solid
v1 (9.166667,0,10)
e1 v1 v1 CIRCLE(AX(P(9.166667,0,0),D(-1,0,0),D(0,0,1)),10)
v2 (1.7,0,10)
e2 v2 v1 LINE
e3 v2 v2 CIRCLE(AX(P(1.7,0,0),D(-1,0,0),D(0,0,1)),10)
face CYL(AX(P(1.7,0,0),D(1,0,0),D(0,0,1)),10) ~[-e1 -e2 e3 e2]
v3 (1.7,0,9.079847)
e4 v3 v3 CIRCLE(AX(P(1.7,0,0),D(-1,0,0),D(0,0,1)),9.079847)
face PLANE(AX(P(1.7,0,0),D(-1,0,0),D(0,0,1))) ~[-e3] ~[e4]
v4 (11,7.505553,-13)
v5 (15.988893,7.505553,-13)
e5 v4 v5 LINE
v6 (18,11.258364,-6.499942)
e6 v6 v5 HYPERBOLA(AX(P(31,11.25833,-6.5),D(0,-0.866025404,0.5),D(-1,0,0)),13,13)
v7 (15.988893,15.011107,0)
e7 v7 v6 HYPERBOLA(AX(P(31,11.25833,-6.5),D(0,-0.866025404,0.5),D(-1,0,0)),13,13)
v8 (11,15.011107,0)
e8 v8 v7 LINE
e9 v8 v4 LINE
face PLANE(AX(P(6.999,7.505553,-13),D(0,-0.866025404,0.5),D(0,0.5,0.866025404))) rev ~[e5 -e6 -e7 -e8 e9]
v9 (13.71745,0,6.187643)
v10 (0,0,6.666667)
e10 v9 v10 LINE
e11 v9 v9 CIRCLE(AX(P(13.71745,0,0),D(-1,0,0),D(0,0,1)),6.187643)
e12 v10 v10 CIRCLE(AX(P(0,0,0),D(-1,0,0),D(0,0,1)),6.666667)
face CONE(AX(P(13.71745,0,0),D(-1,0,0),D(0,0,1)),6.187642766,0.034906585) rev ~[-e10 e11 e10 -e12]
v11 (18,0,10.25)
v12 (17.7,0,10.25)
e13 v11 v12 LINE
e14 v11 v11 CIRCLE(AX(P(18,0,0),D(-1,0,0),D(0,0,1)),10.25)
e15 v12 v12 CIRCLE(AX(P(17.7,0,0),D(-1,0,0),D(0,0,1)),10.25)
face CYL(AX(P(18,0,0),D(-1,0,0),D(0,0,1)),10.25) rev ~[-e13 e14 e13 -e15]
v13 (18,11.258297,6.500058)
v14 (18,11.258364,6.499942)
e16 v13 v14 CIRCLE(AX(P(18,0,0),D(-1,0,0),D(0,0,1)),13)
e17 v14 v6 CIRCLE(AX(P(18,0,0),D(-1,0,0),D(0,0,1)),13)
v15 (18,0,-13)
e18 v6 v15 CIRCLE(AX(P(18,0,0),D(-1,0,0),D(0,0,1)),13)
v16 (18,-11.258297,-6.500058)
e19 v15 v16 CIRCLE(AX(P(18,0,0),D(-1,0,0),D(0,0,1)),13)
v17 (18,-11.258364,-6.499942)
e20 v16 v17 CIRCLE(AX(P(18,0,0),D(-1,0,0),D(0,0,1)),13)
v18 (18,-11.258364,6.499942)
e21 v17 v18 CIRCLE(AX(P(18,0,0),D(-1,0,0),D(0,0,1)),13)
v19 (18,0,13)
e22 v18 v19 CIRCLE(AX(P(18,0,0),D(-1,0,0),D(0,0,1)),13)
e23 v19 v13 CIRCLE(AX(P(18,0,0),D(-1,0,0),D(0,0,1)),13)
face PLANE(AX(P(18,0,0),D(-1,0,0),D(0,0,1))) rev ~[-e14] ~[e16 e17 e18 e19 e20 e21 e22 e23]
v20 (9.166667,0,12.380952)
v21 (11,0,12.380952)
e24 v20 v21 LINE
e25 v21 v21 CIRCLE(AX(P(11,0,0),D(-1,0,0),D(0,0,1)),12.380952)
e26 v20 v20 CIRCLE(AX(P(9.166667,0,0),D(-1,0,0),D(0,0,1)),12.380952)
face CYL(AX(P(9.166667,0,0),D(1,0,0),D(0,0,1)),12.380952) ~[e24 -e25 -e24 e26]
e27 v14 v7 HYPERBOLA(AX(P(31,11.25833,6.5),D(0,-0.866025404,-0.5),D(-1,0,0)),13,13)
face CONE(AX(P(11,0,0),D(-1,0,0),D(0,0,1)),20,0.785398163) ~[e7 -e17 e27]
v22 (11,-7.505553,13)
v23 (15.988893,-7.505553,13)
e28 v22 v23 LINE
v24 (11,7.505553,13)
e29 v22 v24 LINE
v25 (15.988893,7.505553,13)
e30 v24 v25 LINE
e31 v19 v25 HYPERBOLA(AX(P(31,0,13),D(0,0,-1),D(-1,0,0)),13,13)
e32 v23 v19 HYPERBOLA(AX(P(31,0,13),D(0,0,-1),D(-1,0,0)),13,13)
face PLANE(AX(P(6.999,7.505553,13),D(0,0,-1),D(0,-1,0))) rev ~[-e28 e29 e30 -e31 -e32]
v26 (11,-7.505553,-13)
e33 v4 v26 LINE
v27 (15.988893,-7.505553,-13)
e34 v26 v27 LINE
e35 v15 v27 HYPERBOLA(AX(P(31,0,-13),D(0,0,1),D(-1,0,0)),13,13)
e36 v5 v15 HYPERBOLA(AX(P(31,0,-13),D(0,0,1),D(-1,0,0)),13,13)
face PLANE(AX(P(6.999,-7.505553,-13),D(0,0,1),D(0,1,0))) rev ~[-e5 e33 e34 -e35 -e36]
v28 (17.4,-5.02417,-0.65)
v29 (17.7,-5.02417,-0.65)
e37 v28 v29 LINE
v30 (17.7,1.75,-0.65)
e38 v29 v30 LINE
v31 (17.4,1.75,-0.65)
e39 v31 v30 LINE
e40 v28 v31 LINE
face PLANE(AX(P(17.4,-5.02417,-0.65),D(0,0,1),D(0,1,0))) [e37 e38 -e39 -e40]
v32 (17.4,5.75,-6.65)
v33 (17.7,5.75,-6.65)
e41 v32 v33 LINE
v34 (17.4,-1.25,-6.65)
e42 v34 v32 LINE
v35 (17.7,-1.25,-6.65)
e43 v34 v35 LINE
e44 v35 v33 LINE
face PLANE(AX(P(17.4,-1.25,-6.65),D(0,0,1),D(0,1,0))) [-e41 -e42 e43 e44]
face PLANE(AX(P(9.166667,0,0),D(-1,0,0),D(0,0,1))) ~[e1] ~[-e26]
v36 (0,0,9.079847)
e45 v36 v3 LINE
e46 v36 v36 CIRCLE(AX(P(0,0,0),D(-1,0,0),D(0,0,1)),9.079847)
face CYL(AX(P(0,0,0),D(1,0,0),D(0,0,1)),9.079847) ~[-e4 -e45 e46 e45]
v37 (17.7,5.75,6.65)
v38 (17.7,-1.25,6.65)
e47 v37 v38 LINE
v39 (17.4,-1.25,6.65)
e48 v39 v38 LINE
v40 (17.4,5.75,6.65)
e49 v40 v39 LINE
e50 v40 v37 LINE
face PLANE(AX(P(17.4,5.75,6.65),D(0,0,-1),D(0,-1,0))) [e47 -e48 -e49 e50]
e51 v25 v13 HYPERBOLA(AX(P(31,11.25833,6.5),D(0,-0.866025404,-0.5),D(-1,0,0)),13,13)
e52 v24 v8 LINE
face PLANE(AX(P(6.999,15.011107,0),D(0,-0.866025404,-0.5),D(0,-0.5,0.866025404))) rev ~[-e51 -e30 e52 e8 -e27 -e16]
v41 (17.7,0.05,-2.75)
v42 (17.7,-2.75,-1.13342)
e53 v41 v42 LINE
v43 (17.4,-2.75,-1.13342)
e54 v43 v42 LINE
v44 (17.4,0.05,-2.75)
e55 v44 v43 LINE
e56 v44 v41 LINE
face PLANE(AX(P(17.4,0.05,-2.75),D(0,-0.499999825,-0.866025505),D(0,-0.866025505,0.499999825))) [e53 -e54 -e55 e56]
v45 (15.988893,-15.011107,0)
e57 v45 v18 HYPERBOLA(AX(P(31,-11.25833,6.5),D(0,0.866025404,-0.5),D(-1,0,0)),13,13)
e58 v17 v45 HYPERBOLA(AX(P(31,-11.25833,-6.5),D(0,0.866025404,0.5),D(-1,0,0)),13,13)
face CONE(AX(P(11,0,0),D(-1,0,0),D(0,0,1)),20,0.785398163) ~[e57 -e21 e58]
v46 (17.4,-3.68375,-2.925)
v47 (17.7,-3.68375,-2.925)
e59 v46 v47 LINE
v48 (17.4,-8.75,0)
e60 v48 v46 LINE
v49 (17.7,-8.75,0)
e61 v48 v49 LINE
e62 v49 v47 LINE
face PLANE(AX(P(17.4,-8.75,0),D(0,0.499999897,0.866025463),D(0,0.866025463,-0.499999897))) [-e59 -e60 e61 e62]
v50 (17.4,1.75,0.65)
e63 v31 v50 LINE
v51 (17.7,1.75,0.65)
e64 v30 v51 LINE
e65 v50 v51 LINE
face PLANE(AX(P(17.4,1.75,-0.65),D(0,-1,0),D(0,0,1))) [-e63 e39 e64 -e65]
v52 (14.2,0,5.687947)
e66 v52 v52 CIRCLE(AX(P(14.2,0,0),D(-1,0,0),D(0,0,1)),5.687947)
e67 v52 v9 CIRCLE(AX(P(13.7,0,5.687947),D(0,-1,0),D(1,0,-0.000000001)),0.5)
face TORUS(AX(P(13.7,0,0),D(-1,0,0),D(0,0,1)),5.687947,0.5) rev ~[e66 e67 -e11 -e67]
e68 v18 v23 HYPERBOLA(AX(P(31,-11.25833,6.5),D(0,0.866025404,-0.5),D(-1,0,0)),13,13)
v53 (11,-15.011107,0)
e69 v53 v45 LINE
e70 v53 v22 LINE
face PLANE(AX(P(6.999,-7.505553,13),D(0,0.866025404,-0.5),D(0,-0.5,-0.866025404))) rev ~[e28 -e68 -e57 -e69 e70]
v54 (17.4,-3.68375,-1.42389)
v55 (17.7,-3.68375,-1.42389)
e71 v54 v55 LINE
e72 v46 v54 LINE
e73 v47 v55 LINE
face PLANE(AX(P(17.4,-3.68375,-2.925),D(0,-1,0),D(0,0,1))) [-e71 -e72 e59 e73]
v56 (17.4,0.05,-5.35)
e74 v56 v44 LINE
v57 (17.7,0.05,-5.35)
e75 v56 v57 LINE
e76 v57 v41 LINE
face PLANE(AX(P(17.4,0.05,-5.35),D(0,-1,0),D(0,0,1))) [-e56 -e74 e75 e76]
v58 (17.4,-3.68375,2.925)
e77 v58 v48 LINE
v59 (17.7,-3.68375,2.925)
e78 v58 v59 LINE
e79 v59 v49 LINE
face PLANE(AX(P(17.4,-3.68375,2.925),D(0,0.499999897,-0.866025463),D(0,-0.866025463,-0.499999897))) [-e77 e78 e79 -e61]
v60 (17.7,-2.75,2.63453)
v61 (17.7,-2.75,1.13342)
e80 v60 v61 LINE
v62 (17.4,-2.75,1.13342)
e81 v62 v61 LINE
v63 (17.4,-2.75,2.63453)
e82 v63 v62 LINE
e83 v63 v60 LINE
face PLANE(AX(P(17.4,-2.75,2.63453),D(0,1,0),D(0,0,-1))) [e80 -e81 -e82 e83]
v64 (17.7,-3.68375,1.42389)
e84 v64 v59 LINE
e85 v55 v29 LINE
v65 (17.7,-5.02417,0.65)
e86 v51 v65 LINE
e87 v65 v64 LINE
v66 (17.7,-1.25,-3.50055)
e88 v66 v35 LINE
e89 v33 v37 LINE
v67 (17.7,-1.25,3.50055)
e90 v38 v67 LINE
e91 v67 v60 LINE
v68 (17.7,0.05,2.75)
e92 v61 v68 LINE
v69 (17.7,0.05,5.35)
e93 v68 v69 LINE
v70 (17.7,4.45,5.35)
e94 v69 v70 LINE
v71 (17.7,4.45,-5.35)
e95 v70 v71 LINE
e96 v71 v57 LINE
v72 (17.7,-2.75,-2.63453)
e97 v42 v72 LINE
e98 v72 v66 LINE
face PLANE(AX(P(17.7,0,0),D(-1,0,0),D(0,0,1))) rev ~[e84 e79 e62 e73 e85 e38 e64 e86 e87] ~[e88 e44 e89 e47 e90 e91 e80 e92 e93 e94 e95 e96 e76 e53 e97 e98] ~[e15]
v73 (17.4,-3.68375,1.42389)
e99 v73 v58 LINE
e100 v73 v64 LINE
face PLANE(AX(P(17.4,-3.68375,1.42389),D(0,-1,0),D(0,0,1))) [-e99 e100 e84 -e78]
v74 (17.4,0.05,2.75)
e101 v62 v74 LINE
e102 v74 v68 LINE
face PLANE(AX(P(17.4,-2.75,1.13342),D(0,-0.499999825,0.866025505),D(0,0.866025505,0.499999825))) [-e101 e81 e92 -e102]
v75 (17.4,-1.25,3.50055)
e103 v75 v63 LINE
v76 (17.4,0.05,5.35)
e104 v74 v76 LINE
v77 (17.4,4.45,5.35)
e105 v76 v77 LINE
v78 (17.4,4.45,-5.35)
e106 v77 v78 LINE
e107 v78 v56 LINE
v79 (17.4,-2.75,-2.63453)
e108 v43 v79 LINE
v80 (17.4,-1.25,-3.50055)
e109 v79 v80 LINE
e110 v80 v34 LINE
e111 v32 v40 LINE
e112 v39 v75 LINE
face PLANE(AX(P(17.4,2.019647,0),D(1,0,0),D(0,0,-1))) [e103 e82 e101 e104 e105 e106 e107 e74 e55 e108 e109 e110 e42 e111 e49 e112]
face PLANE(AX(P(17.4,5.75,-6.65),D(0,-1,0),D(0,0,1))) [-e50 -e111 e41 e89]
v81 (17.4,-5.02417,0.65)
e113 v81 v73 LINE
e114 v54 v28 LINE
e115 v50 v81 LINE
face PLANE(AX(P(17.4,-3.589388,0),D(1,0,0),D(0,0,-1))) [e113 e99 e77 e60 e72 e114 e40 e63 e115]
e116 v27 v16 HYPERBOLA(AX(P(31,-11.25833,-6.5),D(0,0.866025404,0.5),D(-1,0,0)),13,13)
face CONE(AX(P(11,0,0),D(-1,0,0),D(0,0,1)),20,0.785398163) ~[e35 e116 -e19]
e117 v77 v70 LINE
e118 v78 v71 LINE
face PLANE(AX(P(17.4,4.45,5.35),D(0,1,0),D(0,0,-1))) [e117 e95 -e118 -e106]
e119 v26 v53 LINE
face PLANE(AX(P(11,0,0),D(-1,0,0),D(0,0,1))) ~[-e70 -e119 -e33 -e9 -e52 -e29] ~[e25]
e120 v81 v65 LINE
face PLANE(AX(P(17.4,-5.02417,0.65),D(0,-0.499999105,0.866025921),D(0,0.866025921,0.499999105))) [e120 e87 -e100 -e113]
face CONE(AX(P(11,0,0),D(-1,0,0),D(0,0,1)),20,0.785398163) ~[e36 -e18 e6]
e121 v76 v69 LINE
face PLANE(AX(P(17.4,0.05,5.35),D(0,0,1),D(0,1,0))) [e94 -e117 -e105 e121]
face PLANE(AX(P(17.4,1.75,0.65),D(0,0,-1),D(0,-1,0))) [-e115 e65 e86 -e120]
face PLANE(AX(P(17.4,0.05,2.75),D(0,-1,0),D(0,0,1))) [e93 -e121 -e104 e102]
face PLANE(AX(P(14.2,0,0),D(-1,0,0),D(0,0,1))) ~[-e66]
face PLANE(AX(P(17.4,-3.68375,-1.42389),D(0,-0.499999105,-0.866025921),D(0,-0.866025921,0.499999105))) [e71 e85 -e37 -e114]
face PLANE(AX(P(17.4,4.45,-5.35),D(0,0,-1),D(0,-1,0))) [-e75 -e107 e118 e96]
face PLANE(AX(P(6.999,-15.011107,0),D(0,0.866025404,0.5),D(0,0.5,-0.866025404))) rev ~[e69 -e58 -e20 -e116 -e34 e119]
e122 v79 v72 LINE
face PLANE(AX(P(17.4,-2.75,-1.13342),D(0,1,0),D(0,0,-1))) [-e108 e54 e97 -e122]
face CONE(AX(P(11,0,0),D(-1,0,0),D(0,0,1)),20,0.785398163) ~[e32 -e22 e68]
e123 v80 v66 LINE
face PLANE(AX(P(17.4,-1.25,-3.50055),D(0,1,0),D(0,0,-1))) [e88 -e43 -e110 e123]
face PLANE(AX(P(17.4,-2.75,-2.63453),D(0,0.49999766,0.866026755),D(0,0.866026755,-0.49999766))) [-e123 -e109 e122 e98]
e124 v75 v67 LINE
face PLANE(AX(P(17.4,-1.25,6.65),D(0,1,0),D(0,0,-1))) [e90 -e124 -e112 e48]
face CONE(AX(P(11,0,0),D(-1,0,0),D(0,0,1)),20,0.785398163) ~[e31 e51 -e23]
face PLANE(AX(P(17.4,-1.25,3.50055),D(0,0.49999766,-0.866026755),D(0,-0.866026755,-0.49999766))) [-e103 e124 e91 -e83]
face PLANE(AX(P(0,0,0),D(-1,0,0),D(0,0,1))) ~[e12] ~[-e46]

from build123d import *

# Parameters (mm, degrees)
TAGLIO_ESTRUSIONE1_DEPTH      = 0.3
TAGLIO_ESTRUSIONE1_DEPTH_BACK = 0.3
TAGLIO_ESTRUSIONE2_DEPTH      = 0.3
TAGLIO_ESTRUSIONE2_DEPTH_BACK = 0.3
TAGLIO_ESTRUSIONE3_DEPTH      = 10.701
TAGLIO_ESTRUSIONE3_DEPTH_BACK = 10.701


with BuildPart() as part:
    # Schizzo1 → Rivoluzione1 (revolve)
    with BuildSketch(Plane.XY):
        with BuildLine():
            Line((14.2, 0), (14.2, 5.687947352))
            ThreePointArc((14.2, 5.687947352), (14.0596699, 6.035276538), (13.717449748, 6.187642766))
            Line((13.717449748, 6.187642766), (0, 6.666666667))
            Line((0, 6.666666667), (0, 9.0798475))
            Line((0, 9.0798475), (1.7, 9.0798475))
            Line((1.7, 9.0798475), (1.7, 10))
            Line((1.7, 10), (9.166666667, 10))
            Line((9.166666667, 10), (9.166666667, 12.380952381))
            Line((9.166666667, 12.380952381), (11, 12.380952381))
            Line((11, 12.380952381), (11, 20))
            Line((11, 20), (18, 13))
            Line((18, 13), (18, 10.25))
            Line((18, 10.25), (17.7, 10.25))
            Line((17.7, 10.25), (17.7, 0))
            Line((17.7, 0), (14.2, 0))
        make_face()
    revolve(axis=Axis((18, 0, 0), (-1, 0, 0)))

    # Schizzo2 → Taglio-Estrusione1 (cut, two sides: drawn at the far end of the back side and taken through both)
    with BuildSketch(Plane(origin=(17.7, 0, 0), x_dir=(0, 0, -1), z_dir=(1, 0, 0)).offset(-TAGLIO_ESTRUSIONE1_DEPTH_BACK)):
        Polygon((-6.65, 5.75), (-6.65, -1.25), (-3.50055, -1.25), (-2.63453, -2.75), (-1.13342, -2.75), (-2.75, 0.05), (-5.35, 0.05), (-5.35, 4.45), (5.35, 4.45), (5.35, 0.05), (2.75, 0.05), (1.13342, -2.75), (2.63453, -2.75), (3.50055, -1.25), (6.65, -1.25), (6.65, 5.75), align=None)
    extrude(amount=TAGLIO_ESTRUSIONE1_DEPTH + TAGLIO_ESTRUSIONE1_DEPTH_BACK, mode=Mode.SUBTRACT)

    # Schizzo3 → Taglio-Estrusione2 (cut, two sides: drawn at the far end of the back side and taken through both)
    with BuildSketch(Plane(origin=(17.7, 0, 0), x_dir=(0, 0, -1), z_dir=(1, 0, 0)).offset(-TAGLIO_ESTRUSIONE2_DEPTH_BACK)):
        Polygon((-2.925, -3.68375), (0, -8.75), (2.925, -3.68375), (1.42389, -3.68375), (0.65, -5.02417), (0.65, 1.75), (-0.65, 1.75), (-0.65, -5.02417), (-1.42389, -3.68375), align=None)
    extrude(amount=TAGLIO_ESTRUSIONE2_DEPTH + TAGLIO_ESTRUSIONE2_DEPTH_BACK, mode=Mode.SUBTRACT)

    # Schizzo4 → Taglio-Estrusione3 (cut, two sides: drawn at the far end of the back side and taken through both)
    with BuildSketch(Plane(origin=(17.7, 0, 0), x_dir=(0, 0, -1), z_dir=(1, 0, 0)).offset(-TAGLIO_ESTRUSIONE3_DEPTH_BACK)):
        Polygon((-26, -15.011106999), (0, -30.022213998), (26, -15.011106999), (26, 15.011106999), (0, 30.022213998), (-26, 15.011106999), align=None)
        Polygon((-13, -7.505553499), (0, -15.011106999), (13, -7.505553499), (13, 7.505553499), (0, 15.011106999), (-13, 7.505553499), align=None, mode=Mode.SUBTRACT)
    extrude(amount=TAGLIO_ESTRUSIONE3_DEPTH + TAGLIO_ESTRUSIONE3_DEPTH_BACK, mode=Mode.SUBTRACT)


solid = part.part
